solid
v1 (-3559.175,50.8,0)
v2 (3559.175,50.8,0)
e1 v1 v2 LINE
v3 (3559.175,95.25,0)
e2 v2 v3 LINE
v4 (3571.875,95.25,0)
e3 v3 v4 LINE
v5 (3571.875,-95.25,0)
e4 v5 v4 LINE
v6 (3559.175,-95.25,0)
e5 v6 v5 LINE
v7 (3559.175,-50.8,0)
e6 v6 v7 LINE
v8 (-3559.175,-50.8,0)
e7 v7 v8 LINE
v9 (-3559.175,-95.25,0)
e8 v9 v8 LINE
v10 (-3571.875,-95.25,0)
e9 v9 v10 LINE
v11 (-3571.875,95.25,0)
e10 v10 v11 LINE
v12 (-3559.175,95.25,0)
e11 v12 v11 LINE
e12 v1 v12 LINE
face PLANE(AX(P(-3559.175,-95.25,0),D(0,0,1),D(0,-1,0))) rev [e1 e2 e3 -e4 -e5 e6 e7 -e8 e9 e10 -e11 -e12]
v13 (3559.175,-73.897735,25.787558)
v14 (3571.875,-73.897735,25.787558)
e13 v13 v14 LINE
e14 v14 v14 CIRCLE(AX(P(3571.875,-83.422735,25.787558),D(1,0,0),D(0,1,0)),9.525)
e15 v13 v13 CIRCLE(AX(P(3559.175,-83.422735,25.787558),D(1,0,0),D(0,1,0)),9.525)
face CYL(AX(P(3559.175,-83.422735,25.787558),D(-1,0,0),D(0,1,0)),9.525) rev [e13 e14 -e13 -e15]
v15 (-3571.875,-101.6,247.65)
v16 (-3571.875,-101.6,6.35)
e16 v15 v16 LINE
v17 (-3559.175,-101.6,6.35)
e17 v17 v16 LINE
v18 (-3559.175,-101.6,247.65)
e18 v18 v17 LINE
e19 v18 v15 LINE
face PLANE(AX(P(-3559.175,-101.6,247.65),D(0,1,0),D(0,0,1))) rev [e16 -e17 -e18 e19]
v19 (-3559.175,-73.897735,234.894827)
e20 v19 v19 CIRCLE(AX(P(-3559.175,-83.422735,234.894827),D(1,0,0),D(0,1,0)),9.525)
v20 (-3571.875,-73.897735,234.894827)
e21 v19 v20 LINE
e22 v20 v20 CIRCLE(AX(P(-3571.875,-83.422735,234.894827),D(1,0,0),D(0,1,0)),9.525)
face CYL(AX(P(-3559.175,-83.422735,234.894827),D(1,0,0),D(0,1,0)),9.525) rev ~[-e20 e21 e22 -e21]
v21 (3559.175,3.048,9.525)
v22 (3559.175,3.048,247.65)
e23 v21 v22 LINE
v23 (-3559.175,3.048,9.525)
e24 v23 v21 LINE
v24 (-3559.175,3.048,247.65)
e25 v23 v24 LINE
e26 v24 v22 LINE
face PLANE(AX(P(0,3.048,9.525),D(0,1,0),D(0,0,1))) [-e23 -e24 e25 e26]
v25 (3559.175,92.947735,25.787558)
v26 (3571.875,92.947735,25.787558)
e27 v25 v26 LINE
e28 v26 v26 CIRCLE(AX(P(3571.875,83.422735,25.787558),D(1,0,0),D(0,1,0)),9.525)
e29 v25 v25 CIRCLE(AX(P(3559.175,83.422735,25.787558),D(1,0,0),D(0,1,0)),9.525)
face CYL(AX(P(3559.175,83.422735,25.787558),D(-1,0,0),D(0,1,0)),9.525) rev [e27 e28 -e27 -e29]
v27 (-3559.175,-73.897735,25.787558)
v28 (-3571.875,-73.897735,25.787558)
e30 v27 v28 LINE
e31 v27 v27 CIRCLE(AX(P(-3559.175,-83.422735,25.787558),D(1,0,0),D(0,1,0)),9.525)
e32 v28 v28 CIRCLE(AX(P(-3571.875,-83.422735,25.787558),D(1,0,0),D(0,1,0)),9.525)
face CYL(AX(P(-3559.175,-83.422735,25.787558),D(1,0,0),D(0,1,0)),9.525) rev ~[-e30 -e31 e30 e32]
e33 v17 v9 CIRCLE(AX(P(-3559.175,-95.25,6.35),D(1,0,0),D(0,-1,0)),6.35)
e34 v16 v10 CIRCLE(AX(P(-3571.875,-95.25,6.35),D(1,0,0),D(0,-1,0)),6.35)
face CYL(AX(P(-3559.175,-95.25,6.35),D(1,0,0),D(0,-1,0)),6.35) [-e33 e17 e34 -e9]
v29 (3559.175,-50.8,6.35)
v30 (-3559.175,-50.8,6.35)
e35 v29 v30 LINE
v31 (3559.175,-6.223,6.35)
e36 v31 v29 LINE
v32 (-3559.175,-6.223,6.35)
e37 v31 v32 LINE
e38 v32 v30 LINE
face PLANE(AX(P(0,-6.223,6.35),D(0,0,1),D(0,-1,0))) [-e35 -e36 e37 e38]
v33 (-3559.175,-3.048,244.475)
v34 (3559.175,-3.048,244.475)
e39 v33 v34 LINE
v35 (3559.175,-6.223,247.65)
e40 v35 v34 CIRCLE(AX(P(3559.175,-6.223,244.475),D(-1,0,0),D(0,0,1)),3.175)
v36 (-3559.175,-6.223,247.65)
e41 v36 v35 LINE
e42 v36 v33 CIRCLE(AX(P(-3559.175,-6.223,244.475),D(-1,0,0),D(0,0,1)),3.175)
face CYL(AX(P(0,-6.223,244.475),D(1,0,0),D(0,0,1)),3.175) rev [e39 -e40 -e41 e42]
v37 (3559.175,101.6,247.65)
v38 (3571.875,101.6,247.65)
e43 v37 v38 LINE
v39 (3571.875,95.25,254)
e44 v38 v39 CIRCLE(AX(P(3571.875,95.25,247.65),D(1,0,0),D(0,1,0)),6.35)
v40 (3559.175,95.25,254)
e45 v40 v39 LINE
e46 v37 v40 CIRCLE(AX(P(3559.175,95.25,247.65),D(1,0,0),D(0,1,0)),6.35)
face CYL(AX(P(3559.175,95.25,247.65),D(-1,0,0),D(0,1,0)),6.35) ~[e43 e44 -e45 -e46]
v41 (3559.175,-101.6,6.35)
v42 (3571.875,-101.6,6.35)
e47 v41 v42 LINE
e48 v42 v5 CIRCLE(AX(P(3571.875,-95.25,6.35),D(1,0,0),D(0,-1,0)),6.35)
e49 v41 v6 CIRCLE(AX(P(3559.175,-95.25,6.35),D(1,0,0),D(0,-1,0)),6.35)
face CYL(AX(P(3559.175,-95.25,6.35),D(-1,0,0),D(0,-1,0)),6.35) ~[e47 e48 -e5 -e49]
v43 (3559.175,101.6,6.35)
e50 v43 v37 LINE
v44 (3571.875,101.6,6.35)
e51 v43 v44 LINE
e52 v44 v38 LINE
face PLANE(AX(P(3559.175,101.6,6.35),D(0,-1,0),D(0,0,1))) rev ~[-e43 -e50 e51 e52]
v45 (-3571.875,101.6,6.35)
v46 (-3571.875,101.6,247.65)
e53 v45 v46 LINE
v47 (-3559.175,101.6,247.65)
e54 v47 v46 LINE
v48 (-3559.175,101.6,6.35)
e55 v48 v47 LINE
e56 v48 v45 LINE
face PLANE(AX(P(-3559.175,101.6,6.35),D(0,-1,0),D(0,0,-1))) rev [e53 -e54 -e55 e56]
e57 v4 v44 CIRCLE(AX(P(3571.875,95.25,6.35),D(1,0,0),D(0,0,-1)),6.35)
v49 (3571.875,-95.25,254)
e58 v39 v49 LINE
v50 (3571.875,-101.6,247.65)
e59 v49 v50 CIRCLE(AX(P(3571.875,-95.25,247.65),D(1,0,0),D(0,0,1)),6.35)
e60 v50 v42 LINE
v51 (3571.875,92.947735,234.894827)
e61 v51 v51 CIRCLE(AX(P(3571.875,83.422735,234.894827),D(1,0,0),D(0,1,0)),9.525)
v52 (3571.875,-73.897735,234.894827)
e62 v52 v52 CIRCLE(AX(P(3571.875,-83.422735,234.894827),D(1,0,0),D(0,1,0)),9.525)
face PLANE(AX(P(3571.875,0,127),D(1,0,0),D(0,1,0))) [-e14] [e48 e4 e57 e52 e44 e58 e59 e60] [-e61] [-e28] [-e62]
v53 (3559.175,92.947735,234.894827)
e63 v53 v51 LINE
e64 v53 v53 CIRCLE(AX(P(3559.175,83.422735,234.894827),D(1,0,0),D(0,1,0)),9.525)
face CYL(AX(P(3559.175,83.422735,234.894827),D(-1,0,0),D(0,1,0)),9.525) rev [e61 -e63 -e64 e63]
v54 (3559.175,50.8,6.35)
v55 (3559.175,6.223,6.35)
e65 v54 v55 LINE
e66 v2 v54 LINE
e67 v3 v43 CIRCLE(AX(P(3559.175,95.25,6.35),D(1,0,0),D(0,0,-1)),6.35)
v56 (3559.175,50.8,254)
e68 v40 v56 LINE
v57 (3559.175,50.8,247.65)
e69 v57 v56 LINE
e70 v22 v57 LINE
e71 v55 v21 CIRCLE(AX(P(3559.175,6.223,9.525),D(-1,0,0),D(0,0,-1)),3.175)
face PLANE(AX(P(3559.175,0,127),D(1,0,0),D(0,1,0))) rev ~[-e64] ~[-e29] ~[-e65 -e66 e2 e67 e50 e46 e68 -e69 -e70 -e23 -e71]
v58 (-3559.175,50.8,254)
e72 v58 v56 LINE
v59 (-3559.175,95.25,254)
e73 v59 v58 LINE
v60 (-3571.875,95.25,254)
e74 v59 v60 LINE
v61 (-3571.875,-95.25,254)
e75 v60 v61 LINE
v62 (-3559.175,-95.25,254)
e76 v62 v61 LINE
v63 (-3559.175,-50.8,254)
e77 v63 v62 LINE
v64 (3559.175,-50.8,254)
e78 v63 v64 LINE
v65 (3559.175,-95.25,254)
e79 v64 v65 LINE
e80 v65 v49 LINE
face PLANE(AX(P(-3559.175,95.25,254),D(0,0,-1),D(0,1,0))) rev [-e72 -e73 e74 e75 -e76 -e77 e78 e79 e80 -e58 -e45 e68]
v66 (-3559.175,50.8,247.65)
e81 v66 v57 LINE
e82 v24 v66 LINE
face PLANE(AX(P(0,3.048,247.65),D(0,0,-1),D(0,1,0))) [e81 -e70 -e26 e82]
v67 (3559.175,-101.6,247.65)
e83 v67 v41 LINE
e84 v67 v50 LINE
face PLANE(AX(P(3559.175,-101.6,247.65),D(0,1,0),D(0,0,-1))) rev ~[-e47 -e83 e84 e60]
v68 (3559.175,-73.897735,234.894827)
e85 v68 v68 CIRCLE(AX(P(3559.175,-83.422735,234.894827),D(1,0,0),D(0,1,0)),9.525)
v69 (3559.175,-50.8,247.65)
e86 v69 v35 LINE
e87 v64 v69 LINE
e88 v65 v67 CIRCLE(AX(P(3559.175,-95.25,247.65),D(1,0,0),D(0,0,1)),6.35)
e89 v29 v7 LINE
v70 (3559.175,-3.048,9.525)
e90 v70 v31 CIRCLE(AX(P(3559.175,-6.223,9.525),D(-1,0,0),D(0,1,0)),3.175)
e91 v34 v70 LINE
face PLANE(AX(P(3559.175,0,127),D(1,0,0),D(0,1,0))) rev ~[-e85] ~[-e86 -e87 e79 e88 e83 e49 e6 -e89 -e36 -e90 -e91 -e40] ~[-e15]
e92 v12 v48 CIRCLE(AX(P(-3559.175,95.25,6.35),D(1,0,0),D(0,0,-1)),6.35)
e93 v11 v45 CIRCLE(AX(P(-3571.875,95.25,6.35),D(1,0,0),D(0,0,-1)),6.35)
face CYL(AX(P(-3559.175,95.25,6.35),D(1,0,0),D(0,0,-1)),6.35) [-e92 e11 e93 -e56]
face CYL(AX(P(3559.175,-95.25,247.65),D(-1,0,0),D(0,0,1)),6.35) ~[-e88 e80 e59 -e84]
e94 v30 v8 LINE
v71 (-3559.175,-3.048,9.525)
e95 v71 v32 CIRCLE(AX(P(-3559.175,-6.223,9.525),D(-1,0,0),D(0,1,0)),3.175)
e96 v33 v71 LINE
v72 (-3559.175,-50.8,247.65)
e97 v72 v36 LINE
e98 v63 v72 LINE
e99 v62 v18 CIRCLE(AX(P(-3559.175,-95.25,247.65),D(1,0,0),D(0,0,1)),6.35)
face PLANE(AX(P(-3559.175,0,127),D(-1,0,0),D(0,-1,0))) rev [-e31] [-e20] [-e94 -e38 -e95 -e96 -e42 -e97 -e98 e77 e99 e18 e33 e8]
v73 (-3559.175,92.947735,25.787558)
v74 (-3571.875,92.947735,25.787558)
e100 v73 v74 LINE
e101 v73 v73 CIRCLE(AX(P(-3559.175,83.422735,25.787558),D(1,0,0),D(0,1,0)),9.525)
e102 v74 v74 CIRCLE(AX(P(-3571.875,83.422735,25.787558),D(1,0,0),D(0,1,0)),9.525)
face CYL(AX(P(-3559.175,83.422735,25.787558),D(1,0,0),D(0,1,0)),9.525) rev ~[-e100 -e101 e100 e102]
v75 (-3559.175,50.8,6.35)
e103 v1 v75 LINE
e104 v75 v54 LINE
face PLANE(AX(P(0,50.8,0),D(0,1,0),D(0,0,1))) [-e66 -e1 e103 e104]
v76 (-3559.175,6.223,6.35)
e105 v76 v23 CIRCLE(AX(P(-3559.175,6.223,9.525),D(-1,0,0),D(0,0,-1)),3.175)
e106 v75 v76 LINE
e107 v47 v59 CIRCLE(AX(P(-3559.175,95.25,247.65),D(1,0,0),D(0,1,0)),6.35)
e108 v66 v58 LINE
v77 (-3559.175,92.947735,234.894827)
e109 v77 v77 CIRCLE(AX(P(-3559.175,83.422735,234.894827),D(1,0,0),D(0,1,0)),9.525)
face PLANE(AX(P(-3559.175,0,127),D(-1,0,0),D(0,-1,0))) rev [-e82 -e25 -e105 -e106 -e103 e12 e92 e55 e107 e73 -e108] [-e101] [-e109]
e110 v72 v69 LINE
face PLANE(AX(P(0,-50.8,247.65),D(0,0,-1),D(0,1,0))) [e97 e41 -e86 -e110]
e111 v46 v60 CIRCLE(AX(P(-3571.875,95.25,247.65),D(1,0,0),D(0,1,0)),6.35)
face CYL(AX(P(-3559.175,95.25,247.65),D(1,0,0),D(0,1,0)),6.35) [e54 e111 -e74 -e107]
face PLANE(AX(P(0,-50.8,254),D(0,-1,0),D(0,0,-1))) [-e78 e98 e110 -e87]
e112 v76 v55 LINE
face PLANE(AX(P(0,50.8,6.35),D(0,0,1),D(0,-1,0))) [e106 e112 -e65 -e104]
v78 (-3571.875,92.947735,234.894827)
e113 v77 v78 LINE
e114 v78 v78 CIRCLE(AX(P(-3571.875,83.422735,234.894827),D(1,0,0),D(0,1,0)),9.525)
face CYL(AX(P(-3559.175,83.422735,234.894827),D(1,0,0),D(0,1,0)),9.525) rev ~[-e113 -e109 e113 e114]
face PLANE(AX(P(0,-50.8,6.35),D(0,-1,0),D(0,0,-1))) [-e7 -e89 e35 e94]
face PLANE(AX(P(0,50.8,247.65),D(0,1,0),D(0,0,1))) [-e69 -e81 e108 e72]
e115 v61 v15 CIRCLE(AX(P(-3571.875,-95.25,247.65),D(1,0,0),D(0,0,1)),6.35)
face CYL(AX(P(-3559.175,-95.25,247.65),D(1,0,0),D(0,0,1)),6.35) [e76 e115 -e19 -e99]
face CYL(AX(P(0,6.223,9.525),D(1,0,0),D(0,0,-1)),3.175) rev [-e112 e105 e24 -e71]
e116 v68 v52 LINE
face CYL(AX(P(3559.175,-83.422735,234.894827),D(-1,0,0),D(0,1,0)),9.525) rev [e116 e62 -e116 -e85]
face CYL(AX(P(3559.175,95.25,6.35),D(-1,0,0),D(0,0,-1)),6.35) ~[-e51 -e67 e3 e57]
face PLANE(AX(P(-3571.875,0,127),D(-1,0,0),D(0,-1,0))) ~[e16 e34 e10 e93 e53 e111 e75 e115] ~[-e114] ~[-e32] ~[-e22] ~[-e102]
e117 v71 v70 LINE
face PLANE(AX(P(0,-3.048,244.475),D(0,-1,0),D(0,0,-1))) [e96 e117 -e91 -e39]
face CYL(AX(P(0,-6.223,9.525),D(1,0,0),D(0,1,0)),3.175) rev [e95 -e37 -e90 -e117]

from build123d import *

# Parameters (mm, degrees)
F1_DEPTH = 3559.175
F2_R     = 9.525
F3_DEPTH = 12.7


with BuildPart() as f1:
    # F0 (on Right) → F1 (new body, symmetric)
    with BuildSketch(Plane.YZ):
        with BuildLine():
            Line((-50.8, 0), (0, 0))
            Line((0, 0), (50.8, 0))
            Line((50.8, 0), (50.8, 6.35))
            Line((50.8, 6.35), (6.223, 6.35))
            ThreePointArc((6.223, 6.35), (3.9779359697, 7.2799359697), (3.048, 9.525))
            Line((3.048, 9.525), (3.048, 247.65))
            Line((3.048, 247.65), (50.8, 247.65))
            Line((50.8, 247.65), (50.8, 254))
            Line((50.8, 254), (0, 254))
            Line((0, 254), (-50.8, 254))
            Line((-50.8, 254), (-50.8, 247.65))
            Line((-50.8, 247.65), (-6.223, 247.65))
            ThreePointArc((-6.223, 247.65), (-3.9779359697, 246.7200640303), (-3.048, 244.475))
            Line((-3.048, 244.475), (-3.048, 9.525))
            ThreePointArc((-3.048, 9.525), (-3.9779359697, 7.2799359697), (-6.223, 6.35))
            Line((-6.223, 6.35), (-50.8, 6.35))
            Line((-50.8, 6.35), (-50.8, 0))
        make_face()
    extrude(amount=F1_DEPTH, both=True)

    # F2 (on face) → F3 (join)
    with BuildSketch(Plane.YZ.offset(3559.175)):
        with BuildLine():
            ThreePointArc((101.6, 247.65), (99.7401280605, 252.1401280605), (95.25, 254))
            Line((95.25, 254), (-95.25, 254))
            ThreePointArc((-95.25, 254), (-99.7401280605, 252.1401280605), (-101.6, 247.65))
            Line((-101.6, 247.65), (-101.6, 6.35))
            ThreePointArc((-101.6, 6.35), (-99.7401280605, 1.8598719395), (-95.25, 0))
            Line((-95.25, 0), (95.25, 0))
            ThreePointArc((95.25, 0), (99.7401280605, 1.8598719395), (101.6, 6.35))
            Line((101.6, 6.35), (101.6, 247.65))
        make_face()
        with Locations((-83.4227353334, 25.7875584066)):
            Circle(F2_R, mode=Mode.SUBTRACT)
        with Locations((83.4227353334, 25.7875584066)):
            Circle(F2_R, mode=Mode.SUBTRACT)
        with Locations((-83.4227353334, 234.8948270082)):
            Circle(F2_R, mode=Mode.SUBTRACT)
        with Locations((83.4227353334, 234.8948270082)):
            Circle(F2_R, mode=Mode.SUBTRACT)
    extrude(amount=F3_DEPTH)

    # F4: F1 across plane


with BuildPart() as f1_1:
    add(f1.part)
    add(f1.part.mirror(Plane.YZ))


solid = f1_1.part
